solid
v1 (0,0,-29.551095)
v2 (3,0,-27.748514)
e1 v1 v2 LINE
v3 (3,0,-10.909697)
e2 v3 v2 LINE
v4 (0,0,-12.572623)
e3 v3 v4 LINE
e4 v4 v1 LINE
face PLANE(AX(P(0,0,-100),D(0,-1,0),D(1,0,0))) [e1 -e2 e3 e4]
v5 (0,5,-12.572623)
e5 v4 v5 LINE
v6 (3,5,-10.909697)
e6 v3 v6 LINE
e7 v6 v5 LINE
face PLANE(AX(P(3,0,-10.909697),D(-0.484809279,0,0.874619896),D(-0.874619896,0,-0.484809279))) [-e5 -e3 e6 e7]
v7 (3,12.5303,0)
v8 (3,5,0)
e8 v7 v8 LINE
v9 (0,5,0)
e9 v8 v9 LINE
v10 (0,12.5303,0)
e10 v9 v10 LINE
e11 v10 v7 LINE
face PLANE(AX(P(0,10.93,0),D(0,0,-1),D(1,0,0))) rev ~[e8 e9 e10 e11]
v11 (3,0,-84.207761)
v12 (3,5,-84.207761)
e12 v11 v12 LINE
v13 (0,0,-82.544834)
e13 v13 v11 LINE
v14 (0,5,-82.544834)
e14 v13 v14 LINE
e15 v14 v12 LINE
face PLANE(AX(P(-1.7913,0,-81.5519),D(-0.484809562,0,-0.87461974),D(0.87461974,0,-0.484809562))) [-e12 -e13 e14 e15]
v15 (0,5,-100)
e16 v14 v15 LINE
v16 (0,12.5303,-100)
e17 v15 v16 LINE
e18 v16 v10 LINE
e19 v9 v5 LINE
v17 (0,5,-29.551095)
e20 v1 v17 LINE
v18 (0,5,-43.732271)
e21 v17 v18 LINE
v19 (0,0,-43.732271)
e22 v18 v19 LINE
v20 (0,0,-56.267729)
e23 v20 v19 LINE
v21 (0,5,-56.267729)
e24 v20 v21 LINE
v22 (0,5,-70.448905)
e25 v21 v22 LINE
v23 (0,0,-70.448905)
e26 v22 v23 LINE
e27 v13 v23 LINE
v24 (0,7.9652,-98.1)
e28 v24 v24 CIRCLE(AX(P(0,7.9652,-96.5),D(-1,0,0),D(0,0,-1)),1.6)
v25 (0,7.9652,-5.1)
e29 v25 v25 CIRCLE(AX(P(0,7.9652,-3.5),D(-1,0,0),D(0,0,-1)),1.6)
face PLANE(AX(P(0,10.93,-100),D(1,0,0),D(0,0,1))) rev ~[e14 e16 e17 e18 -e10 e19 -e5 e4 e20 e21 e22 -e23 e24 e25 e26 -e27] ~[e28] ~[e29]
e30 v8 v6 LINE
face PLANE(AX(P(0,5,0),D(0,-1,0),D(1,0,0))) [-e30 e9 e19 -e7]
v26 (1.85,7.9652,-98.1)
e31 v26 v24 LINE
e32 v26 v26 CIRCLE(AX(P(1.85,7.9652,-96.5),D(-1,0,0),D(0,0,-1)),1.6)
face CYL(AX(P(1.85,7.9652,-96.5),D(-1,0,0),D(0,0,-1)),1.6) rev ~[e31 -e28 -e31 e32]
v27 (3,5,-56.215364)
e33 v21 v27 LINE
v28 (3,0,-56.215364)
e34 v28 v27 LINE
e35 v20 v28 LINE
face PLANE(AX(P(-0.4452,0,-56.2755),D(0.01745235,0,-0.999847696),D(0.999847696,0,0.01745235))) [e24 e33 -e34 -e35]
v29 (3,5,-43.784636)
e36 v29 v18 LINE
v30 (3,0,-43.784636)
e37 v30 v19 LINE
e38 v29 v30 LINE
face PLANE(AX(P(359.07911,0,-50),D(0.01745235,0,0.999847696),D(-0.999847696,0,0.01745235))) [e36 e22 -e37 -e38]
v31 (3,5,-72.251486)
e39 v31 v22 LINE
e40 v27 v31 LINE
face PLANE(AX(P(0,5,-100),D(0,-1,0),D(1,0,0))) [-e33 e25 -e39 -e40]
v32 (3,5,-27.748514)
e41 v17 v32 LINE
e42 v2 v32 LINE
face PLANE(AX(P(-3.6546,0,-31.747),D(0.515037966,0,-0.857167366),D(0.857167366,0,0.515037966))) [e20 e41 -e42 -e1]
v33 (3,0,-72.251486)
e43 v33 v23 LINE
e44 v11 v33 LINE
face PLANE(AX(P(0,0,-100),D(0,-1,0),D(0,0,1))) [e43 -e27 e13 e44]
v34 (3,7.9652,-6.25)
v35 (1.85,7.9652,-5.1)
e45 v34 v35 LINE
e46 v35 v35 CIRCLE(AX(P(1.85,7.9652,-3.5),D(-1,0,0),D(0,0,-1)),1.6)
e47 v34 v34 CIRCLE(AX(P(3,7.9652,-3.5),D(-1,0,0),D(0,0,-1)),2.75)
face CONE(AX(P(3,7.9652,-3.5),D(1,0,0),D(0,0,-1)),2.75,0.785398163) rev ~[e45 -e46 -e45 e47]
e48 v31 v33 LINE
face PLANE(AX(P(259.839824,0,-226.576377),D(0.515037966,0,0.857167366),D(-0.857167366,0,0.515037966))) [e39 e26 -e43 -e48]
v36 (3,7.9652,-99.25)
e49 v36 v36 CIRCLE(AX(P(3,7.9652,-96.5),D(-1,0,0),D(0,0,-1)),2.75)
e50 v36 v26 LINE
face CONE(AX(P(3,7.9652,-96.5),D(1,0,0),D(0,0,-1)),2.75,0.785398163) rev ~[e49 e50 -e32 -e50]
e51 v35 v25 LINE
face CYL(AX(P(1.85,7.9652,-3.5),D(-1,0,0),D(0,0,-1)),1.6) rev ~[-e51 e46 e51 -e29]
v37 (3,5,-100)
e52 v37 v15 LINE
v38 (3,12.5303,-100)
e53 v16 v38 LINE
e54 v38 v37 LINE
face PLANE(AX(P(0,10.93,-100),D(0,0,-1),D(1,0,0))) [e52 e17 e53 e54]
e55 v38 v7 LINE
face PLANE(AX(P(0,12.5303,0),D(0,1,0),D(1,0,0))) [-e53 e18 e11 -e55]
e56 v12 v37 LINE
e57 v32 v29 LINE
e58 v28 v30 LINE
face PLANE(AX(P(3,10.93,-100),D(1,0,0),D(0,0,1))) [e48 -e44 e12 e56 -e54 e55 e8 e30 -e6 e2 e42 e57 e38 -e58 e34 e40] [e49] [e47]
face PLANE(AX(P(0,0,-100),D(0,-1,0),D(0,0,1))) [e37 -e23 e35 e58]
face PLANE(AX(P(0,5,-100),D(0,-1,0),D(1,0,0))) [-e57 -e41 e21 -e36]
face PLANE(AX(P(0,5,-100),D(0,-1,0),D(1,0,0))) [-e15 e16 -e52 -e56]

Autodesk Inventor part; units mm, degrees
ref_plane "YZ Plane" through (0, 0, 0) normal (1, 0, 0) x (0, 1, 0)
ref_plane "XZ Plane" through (0, 0, 0) normal (0, 1, 0) x (-1, 0, 0)
sketch "Szkic1" plane through (0, 0, 0) normal (1, 0, 0) x (0, 1, 0)
  line L0 (0, 0) -> (10.93, 0)
  line L1 (10.93, 0) -> (10.93, -100)
  line L2 (10.93, -100) -> (0, -100)
  line L3 (0, -100) -> (0, 0)
  dimension "d0" = 10.93
  dimension "d1" = 100
extrude "Wyciągnięcie proste1" add sketch "Szkic1" along normal blind 3
sketch "Szkic2" plane through (0, 0, -100) normal (0, -1, 0) x (1, 0, 0)
  line L0 (-5, 84) -> (-8.1113, 87.1113) projected
  line L1 (-5, 84) -> (-4.2222, 84.7778) projected
  line L2 (-8.1113, 87.1113) -> (-7.3335, 87.8891) projected
  line L3 (-2, 60) -> (-3.1388, 64.2501) projected
  line L4 (-2, 60) -> (-0.9375, 60.2847) projected
  line L5 (-3.1388, 64.2501) -> (-2.0763, 64.5348) projected
  line L6 (-3.1388, 35.7499) -> (-2, 40) projected
  line L7 (-3.1388, 35.7499) -> (-2.0763, 35.4652) projected
  line L8 (-2, 40) -> (-0.9375, 39.7153) projected
  line L9 (-8.1113, 12.8887) -> (-5, 16) projected
  line L10 (-8.1113, 12.8887) -> (-7.3335, 12.1109) projected
  line L11 (-5, 16) -> (-4.2222, 15.2222) projected
  line L12 (-30.0489, 4.1) -> (-25.6489, 4.1) projected
  line L13 (-30.0489, 4.1) -> (-30.0489, 3) projected
  line L14 (-25.6489, 4.1) -> (-25.6489, 3) projected
  line L15 (-1.7913, 81.5519) -> (-5, 78.3431)
  line L16 (-5, 78.3431) -> (-13.7681, 87.1113)
  line L17 (-13.7681, 87.1113) -> (-10.5594, 90.32)
  line L18 (-10.5594, 90.32) -> (185.0217, 443.1577)
  arc A0 (351.0464, 277.133) -> (185.0217, 443.1577) centre (-11.203, 80.9083) ccw
  line L19 (351.0464, 277.133) -> (-1.7913, 81.5519)
  arc A1 (402.9118, 49.2349) -> (342.1425, 276.0288) centre (-8.9178, 60.424) ccw
  line L20 (402.9118, 49.2349) -> (-0.4452, 56.2755)
  line L21 (-0.4452, 56.2755) -> (-4.8284, 55.101)
  line L22 (-4.8284, 55.101) -> (-8.0378, 67.0785)
  line L23 (-8.0378, 67.0785) -> (-3.6546, 68.253)
  line L24 (-3.6546, 68.253) -> (342.1425, 276.0288)
  arc A2 (342.1425, -176.0288) -> (402.9118, 50.7651) centre (-8.9178, 39.576) ccw
  line L25 (342.1425, -176.0288) -> (-3.6546, 31.747)
  line L26 (-3.6546, 31.747) -> (-8.0378, 32.9215)
  line L27 (-8.0378, 32.9215) -> (-4.8284, 44.899)
  line L28 (-4.8284, 44.899) -> (-0.4452, 43.7245)
  line L29 (-0.4452, 43.7245) -> (402.9118, 50.7651)
  arc A3 (185.0217, -343.1577) -> (351.0464, -177.133) centre (-11.203, 19.0917) ccw
  line L30 (185.0217, -343.1577) -> (-10.5594, 9.68)
  line L31 (-10.5594, 9.68) -> (-13.7681, 12.8887)
  line L32 (-13.7681, 12.8887) -> (-5, 21.6569)
  line L33 (-5, 21.6569) -> (-1.7913, 18.4481)
  line L34 (-1.7913, 18.4481) -> (351.0464, -177.133)
  line L35 (-25.6489, 3) -> (-30.0489, 3) projected
  line L36 (-0.9375, 39.7153) -> (-2.0763, 35.4652) projected
  line L37 (-7.3335, 87.8891) -> (-4.2222, 84.7778) projected
  line L38 (-4.2222, 15.2222) -> (-7.3335, 12.1109) projected
  line L39 (-2.0763, 64.5348) -> (-0.9375, 60.2847) projected
  point P0 (0, 100)
  point P1 (259.8393, 226.5761)
  point P2 (359.0779, 50)
  point P3 (259.8393, -126.5761)
  point P4 (343.886, -173.1639)
  point P5 (402.9318, 50)
  point P6 (343.886, 273.1639)
extrude "Wyciągnięcie proste2" cut sketch "Szkic2" against normal blind 5 contours L0 L2 L37 L1 | L3 L5 L39 L4 | L6 L8 L36 L7 | L9 L11 L38 L10 | L15 L16 L17 L18 A0 L19 A1 L24 | L24 A1 L19 | L19 A1 A2 L29 L20 L21 L22 L23 L24 | A2 L34 L25 L26 L27 L28 L29 L20 A1 | A1 L20 L29 A2 | L34 A3 L30 L31 L32 L33 L25 A2 | A2 L25 L34
sketch "Szkic3" plane through (3, 0, 0) normal (1, 0, 0) x (0, 0, -1)
  circle A0 centre (3.5, 7.9652) radius 2 projected
  circle A1 centre (96.5, 7.9652) radius 2 projected
  point P0 (0, 0)
hole "Otwór1" at (3, 7.9652, -3.5) at (3, 7.9652, -96.5) direction (-1, 0, 0) diameter 3.2 depth 5 tip angle 118 countersink diameter 5.5 countersink angle 90
sketch "Szkic4" plane through (0, 5, -100) normal (0, -1, 0) x (1, 0, 0)
  line L0 (3, 100) -> (3, 84.2077) projected
  line L1 (0, 100) -> (3, 100) projected
  line L2 (0, 82.5448) -> (0, 100) projected
  line L3 (3, 84.2077) -> (0, 82.5448) projected
extrude "Wyciągnięcie proste3" add sketch "Szkic4" along normal up to surface (5 mm away)
sketch "Szkic5" plane through (0, 0, 0) normal (0, -1, 0) x (1, 0, 0)
  line L0 (4.8201, -9.9008) -> (54.794, 17.8002) projected
  line L1 (4.8201, -9.9008) -> (-21.7144, -24.6091)
  line L2 (-21.7144, -24.6091) -> (-5.6558, 14.396)
  line L3 (-5.6558, 14.396) -> (27.8601, 2.8705)
  line L4 (3, 0) -> (3, -27.7486) projected
  line L5 (0, 0) -> (0, -29.5511) projected
  line L6 (3, 0) -> (0, 0) projected
  point P0 (0, -12.5726)
  point P1 (3, -10.9097)
extrude "Wyciągnięcie proste4" cut sketch "Szkic5" against normal up to surface (5 mm away) contours L1 L5 L6 L4
sketch "Szkic6" plane through (0, 10.93, 0) normal (0, 1, 0) x (1, 0, 0)
  line L0 (0, 100) -> (0, 0) projected
  line L1 (0, 0) -> (3, 0) projected
  line L2 (3, 100) -> (3, 0) projected
  line L3 (0, 100) -> (3, 100) projected
  point P0 (0, 0)
ref_plane "Płaszczyzna konstrukcyjna1" through (-44.8489, 12.5303, -7) normal (0, 1, 0) x (0, 0, 1)
extrude "Wyciągnięcie proste5" add sketch "Szkic6" along normal up to surface (1.6003 mm away)
properties part number "przod" material "Stal, odlew"
